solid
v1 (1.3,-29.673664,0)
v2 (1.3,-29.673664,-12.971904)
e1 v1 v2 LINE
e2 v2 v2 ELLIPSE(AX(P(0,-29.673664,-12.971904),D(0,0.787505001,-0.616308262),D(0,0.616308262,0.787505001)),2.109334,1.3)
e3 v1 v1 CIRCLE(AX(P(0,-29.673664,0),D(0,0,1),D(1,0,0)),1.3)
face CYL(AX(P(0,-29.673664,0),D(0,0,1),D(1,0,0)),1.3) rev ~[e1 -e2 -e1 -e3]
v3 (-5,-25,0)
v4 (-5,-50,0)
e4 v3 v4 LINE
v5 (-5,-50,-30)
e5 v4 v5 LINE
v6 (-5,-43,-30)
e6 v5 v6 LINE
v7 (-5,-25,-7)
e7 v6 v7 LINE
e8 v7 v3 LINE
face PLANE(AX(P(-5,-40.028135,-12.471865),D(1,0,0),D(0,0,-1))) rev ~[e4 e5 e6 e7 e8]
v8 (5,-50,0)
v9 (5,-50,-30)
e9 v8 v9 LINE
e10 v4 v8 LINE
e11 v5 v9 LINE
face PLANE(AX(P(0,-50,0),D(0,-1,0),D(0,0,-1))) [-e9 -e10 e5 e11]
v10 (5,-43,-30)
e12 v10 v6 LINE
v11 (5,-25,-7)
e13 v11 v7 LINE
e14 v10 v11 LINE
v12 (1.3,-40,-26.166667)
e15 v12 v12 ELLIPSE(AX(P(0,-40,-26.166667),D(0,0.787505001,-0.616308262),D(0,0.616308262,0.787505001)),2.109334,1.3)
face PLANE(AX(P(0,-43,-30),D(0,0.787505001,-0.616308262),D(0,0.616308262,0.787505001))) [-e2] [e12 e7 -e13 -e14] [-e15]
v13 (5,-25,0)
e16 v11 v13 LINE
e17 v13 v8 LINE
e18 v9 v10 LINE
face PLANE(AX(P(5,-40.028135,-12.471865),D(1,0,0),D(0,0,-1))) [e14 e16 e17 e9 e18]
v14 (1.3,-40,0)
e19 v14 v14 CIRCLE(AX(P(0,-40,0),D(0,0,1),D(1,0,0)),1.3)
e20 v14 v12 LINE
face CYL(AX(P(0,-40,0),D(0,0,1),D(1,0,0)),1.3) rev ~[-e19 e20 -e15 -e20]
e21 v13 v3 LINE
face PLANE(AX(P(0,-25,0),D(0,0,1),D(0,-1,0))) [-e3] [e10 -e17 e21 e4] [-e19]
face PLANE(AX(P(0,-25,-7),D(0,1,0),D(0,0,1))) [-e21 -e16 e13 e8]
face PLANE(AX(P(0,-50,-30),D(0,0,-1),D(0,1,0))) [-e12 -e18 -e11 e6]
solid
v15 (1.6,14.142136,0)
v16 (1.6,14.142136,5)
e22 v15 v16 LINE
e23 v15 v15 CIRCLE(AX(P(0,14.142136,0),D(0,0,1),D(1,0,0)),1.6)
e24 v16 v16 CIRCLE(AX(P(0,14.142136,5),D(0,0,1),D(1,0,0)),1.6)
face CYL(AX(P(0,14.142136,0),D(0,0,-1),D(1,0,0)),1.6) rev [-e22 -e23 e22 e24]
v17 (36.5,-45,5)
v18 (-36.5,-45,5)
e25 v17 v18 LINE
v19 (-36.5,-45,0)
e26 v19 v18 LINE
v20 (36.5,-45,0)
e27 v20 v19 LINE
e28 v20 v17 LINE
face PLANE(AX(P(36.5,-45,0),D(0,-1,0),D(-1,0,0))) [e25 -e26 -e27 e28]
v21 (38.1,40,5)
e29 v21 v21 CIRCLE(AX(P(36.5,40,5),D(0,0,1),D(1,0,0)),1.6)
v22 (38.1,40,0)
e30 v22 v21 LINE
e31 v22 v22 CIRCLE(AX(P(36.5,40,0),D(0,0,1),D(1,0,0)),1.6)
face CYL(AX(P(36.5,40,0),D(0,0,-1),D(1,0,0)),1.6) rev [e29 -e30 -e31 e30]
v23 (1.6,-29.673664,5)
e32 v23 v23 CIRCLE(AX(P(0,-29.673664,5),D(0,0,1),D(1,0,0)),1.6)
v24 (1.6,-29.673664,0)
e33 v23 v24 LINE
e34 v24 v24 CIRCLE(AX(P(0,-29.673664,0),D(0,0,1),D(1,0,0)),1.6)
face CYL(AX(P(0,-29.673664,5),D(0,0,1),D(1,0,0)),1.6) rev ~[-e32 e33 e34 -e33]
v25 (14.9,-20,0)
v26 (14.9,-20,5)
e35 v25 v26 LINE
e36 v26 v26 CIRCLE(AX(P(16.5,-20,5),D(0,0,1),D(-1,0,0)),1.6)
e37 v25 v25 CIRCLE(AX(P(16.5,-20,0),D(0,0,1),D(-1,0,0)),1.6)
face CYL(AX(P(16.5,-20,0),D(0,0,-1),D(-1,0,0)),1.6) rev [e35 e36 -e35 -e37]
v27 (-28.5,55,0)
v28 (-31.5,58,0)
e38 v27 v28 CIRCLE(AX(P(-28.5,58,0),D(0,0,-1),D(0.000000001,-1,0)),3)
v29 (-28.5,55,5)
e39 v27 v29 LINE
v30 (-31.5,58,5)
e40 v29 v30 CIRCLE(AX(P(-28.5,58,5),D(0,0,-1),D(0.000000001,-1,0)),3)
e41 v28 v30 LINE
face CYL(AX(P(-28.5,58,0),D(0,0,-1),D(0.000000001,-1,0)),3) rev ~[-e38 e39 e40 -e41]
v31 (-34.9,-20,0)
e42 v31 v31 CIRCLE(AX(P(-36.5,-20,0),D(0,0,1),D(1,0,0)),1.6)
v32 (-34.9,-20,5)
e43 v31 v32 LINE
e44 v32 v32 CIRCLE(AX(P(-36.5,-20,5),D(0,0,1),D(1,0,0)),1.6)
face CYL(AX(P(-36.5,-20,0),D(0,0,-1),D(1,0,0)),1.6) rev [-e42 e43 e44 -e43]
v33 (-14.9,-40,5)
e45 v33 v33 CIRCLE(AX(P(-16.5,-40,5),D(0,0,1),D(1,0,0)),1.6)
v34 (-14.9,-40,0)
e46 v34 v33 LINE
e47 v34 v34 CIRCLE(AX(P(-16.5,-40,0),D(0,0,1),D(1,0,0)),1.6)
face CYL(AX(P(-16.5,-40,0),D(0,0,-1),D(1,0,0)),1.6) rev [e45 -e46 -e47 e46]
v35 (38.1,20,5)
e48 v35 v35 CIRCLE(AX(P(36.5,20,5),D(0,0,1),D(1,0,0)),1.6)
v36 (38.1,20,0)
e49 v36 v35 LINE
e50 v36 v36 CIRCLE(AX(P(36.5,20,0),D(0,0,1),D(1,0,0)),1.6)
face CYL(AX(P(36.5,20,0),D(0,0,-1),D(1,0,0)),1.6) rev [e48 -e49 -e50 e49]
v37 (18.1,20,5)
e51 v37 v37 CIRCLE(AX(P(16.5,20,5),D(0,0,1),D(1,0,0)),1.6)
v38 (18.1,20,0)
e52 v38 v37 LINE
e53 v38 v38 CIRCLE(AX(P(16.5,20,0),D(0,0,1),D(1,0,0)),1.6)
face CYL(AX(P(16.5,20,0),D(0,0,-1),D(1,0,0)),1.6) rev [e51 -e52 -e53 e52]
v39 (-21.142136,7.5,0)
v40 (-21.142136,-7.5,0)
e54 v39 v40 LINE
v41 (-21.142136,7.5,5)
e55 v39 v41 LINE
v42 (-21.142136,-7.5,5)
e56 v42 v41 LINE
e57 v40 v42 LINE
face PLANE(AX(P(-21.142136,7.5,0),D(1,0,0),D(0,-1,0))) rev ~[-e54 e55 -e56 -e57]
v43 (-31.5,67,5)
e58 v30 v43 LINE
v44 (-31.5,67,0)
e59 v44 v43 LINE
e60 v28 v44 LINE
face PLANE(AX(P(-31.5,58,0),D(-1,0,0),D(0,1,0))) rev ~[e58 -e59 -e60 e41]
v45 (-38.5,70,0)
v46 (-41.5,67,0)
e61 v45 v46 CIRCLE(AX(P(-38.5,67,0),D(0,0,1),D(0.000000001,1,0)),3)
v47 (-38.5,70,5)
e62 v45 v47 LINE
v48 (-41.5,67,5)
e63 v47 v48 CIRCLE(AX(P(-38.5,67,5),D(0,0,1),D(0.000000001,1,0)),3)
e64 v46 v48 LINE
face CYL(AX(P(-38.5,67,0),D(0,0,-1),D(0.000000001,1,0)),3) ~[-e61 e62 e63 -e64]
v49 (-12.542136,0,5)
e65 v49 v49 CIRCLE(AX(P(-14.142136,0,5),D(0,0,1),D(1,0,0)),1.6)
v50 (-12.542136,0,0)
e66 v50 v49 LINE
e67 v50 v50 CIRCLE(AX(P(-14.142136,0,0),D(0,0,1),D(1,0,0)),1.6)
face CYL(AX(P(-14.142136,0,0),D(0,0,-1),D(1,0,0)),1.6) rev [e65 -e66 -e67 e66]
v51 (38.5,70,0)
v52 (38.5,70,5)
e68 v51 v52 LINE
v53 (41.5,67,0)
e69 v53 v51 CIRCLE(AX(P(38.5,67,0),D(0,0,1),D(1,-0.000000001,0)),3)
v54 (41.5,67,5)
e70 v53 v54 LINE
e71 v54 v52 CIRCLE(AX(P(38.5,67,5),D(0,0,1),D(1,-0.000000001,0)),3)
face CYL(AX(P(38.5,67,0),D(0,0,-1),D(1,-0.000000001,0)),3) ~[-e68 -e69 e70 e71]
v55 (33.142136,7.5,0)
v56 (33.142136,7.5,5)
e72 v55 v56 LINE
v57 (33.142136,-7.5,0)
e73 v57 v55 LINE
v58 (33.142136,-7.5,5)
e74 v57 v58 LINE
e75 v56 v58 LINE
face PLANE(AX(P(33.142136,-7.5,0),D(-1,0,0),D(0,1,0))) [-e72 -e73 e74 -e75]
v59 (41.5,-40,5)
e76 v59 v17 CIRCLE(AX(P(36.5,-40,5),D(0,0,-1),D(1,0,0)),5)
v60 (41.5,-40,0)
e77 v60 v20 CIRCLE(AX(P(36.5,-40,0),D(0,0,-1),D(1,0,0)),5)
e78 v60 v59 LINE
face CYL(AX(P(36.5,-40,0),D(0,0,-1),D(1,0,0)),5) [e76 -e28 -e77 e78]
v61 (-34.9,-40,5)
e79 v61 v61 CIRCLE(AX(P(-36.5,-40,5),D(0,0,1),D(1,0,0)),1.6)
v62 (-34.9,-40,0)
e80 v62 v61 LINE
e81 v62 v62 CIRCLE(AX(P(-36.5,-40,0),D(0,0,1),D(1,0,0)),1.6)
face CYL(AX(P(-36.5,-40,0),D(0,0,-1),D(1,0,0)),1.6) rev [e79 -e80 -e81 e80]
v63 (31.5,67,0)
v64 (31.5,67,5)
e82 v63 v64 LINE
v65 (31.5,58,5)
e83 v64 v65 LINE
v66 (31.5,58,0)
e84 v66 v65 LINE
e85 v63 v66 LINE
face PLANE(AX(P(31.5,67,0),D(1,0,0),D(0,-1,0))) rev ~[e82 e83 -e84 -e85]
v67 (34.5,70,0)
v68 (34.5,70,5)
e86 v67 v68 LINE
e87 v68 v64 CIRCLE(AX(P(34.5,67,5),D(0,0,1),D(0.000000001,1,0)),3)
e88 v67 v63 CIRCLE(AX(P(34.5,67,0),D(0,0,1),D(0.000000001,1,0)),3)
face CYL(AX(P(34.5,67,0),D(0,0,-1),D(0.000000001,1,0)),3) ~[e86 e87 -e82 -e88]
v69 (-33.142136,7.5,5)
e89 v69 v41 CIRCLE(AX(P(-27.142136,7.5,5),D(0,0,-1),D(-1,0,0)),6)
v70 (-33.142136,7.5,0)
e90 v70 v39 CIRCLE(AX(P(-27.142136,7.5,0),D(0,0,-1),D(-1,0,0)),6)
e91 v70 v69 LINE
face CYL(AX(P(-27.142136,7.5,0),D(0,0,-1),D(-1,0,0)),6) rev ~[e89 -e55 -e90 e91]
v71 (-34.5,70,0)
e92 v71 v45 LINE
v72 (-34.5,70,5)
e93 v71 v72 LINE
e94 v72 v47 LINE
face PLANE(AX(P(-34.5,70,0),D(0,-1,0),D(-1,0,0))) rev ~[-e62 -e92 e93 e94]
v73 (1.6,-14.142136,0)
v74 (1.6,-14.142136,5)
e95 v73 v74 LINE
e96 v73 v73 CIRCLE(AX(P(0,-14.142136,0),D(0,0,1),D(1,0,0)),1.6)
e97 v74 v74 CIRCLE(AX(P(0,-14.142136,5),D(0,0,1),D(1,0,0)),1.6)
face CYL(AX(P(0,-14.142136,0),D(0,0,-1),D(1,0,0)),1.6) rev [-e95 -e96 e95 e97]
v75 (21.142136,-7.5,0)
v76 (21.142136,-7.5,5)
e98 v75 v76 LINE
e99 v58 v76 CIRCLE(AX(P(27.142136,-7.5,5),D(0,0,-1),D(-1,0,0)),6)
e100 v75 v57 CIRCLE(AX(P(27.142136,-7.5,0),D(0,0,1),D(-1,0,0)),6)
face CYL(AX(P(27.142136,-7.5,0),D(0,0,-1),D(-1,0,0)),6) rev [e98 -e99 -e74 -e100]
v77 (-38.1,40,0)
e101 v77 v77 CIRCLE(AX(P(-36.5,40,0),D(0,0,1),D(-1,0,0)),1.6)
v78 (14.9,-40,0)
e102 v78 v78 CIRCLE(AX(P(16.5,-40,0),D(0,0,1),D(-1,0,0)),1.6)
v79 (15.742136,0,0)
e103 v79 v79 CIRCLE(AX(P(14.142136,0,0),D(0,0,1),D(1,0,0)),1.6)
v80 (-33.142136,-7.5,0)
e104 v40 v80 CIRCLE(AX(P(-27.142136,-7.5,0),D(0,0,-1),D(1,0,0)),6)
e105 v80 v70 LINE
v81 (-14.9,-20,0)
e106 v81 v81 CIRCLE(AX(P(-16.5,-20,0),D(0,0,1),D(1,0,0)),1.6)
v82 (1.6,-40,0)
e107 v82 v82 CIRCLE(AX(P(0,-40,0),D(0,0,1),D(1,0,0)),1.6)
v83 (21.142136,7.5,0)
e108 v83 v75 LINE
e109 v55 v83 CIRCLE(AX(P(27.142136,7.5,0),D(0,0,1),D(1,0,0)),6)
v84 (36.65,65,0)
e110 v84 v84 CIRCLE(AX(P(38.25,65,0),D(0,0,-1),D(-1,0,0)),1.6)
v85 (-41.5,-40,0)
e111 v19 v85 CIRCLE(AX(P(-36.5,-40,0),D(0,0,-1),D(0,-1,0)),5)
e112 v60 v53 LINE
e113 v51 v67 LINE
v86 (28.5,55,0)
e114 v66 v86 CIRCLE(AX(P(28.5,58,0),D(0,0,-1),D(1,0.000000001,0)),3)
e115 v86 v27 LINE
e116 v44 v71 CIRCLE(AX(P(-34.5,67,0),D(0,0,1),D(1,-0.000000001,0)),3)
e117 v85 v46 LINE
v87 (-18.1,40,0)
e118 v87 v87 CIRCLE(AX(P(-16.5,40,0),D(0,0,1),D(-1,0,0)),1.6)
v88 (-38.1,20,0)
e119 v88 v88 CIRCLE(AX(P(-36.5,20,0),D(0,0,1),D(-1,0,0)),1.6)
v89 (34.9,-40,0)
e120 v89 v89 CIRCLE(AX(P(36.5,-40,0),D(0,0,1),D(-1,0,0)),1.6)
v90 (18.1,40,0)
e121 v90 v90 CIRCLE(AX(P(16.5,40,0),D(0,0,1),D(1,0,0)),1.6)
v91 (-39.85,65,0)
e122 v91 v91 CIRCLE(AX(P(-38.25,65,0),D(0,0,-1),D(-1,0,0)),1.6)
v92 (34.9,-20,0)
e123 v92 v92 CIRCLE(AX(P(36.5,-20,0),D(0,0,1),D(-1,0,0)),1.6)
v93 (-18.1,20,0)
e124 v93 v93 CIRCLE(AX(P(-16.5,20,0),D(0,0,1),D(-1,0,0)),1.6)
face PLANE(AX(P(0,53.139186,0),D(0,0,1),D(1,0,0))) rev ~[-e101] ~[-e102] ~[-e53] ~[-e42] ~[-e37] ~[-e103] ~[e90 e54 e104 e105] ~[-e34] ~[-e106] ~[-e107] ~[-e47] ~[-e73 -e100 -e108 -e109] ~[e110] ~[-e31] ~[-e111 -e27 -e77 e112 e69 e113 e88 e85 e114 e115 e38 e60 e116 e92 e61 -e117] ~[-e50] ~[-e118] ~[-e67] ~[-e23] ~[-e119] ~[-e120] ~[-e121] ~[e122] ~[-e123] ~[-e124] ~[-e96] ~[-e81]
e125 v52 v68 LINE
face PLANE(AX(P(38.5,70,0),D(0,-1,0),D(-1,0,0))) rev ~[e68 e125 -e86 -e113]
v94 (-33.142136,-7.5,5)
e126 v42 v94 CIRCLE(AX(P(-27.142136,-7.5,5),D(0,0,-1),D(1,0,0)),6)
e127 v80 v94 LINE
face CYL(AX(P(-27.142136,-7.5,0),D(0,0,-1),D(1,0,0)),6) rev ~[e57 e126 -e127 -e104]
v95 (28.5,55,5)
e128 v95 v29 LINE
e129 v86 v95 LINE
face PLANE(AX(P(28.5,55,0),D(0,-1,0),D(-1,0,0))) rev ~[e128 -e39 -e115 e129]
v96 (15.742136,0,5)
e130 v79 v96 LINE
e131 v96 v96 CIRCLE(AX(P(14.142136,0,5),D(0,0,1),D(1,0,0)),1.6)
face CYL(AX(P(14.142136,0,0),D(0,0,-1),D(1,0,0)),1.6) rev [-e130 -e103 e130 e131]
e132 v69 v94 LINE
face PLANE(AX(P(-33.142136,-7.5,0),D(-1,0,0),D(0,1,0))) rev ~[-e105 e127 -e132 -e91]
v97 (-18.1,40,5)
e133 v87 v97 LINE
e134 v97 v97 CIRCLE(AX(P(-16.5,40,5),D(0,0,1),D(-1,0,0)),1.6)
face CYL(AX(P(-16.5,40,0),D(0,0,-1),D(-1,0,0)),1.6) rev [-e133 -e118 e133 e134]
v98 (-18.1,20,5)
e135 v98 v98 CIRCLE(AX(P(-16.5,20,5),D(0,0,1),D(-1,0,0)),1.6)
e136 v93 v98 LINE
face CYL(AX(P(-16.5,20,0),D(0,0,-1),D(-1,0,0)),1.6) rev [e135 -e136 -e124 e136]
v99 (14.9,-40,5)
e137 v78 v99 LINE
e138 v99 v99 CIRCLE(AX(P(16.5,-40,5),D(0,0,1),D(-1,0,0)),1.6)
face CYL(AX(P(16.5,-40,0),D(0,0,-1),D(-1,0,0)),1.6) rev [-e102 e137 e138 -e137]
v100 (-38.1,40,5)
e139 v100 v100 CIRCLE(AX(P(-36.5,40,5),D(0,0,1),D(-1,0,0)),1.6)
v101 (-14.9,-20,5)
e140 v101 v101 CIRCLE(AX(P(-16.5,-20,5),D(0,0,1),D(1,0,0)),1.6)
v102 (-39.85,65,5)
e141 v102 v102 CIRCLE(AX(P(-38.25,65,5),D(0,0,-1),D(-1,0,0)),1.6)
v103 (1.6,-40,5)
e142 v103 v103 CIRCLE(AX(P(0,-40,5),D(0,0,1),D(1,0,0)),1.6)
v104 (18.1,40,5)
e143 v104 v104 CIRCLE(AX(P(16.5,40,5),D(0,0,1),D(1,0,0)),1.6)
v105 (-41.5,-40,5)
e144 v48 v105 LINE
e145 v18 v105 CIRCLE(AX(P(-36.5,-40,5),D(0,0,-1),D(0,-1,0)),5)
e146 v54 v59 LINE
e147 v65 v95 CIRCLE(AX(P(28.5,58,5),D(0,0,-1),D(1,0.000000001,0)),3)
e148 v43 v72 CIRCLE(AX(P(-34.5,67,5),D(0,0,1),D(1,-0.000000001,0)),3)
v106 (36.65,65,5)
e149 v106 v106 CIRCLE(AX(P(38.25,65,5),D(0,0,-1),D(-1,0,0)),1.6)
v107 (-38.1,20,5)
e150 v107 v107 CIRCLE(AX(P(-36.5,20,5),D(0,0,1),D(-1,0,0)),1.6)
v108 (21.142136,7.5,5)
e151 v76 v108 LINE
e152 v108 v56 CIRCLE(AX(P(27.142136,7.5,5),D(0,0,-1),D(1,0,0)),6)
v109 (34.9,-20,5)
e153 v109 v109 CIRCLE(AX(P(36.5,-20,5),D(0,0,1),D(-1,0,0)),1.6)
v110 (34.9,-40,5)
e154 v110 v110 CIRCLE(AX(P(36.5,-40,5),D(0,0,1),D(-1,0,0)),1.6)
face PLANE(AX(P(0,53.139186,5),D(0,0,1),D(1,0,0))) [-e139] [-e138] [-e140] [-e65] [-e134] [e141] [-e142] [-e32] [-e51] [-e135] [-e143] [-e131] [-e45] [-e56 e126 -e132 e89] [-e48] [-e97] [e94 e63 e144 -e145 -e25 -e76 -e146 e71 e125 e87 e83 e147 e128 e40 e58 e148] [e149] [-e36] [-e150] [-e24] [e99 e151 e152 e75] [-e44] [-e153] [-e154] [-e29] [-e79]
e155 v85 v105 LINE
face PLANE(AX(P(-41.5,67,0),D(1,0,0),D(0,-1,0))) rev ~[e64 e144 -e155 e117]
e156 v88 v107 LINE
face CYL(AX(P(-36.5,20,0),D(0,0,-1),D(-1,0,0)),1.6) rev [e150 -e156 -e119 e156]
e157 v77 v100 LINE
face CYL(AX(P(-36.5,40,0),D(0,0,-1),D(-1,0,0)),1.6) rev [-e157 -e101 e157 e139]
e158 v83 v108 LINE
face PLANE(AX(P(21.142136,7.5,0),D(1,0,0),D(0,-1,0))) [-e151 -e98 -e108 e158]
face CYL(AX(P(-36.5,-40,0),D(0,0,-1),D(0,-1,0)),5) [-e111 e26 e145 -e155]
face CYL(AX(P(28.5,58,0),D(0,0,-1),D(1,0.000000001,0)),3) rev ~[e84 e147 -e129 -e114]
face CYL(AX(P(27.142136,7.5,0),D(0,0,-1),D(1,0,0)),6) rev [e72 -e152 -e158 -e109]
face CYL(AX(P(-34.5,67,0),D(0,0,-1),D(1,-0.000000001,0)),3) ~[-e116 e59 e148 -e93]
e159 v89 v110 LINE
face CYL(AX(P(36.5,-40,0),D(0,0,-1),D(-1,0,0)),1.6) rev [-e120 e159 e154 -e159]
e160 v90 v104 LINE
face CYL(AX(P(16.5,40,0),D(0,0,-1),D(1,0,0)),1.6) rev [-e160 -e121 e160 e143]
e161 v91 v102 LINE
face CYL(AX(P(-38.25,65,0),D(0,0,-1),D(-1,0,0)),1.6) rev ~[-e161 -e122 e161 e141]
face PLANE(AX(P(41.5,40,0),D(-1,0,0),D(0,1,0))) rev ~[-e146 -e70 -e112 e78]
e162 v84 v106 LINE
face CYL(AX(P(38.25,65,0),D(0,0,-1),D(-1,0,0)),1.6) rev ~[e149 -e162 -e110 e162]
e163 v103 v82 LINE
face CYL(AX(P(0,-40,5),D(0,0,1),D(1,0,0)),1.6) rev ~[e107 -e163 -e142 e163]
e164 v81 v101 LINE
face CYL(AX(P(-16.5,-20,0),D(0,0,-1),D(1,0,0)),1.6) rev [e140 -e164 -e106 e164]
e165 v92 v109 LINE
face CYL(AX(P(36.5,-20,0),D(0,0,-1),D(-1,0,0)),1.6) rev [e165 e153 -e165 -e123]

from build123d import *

# Parameters (mm, degrees)
SKETCH_1_R          = 1.6
EXTRUDE_1_DEPTH     = 5
SKETCH_7_R          = 1.6
EXTRUDE_3_DEPTH     = 5
CUT_EXTRUDE_1_DEPTH = 82.530669076
EXTRUDE_4_DEPTH     = 5
SKETCH_10_R         = 1.6
CUT_EXTRUDE_2_DEPTH = 5
SKETCH_11_R         = 1.3
CUT_EXTRUDE_3_DEPTH = 87.73090568


with BuildPart() as part:
    # ｽｹｯﾁ1 → ﾎﾞｽ - 押し出し1 (new body)
    with BuildSketch(Plane.XY):
        with BuildLine():
            Line((36.5, -45), (-36.5, -45))
            ThreePointArc((-36.5, -45), (-40.035533906, -43.535533906), (-41.5, -40))
            Line((-41.5, -40), (-41.5, 40))
            ThreePointArc((-41.5, 40), (-40.035533906, 43.535533906), (-36.5, 45))
            Line((-36.5, 45), (36.5, 45))
            ThreePointArc((36.5, 45), (40.035533906, 43.535533906), (41.5, 40))
            Line((41.5, 40), (41.5, -40))
            ThreePointArc((41.5, -40), (40.035533906, -43.535533906), (36.5, -45))
        make_face()
        with Locations((16.5, 40)):
            Circle(SKETCH_1_R, mode=Mode.SUBTRACT)
        with Locations((16.5, 20)):
            Circle(SKETCH_1_R, mode=Mode.SUBTRACT)
        with Locations((36.5, 20)):
            Circle(SKETCH_1_R, mode=Mode.SUBTRACT)
        with Locations((36.5, 40)):
            Circle(SKETCH_1_R, mode=Mode.SUBTRACT)
        with Locations(Location((36.5, -40, 0), (0, 0, 180))):
            Circle(SKETCH_1_R, mode=Mode.SUBTRACT)
        with Locations(Location((36.5, -20, 0), (0, 0, 180))):
            Circle(SKETCH_1_R, mode=Mode.SUBTRACT)
        with Locations(Location((16.5, -20, 0), (0, 0, 180))):
            Circle(SKETCH_1_R, mode=Mode.SUBTRACT)
        with Locations(Location((16.5, -40, 0), (0, 0, 180))):
            Circle(SKETCH_1_R, mode=Mode.SUBTRACT)
        with Locations((-16.5, -40)):
            Circle(SKETCH_1_R, mode=Mode.SUBTRACT)
        with Locations((-16.5, -20)):
            Circle(SKETCH_1_R, mode=Mode.SUBTRACT)
        with Locations((-36.5, -20)):
            Circle(SKETCH_1_R, mode=Mode.SUBTRACT)
        with Locations((-36.5, -40)):
            Circle(SKETCH_1_R, mode=Mode.SUBTRACT)
        with Locations(Location((-36.5, 40, 0), (0, 0, 180))):
            Circle(SKETCH_1_R, mode=Mode.SUBTRACT)
        with Locations(Location((-36.5, 20, 0), (0, 0, 180))):
            Circle(SKETCH_1_R, mode=Mode.SUBTRACT)
        with Locations(Location((-16.5, 20, 0), (0, 0, 180))):
            Circle(SKETCH_1_R, mode=Mode.SUBTRACT)
        with Locations(Location((-16.5, 40, 0), (0, 0, 180))):
            Circle(SKETCH_1_R, mode=Mode.SUBTRACT)
        with Locations((14.142135624, 0)):
            Circle(SKETCH_1_R, mode=Mode.SUBTRACT)
        with Locations((0, -14.142135624)):
            Circle(SKETCH_1_R, mode=Mode.SUBTRACT)
        with Locations((-14.142135624, 0)):
            Circle(SKETCH_1_R, mode=Mode.SUBTRACT)
        with Locations((0, 14.142135624)):
            Circle(SKETCH_1_R, mode=Mode.SUBTRACT)
    extrude(amount=EXTRUDE_1_DEPTH)

    # ｽｹｯﾁ7 → ﾎﾞｽ - 押し出し3 (add)
    with BuildSketch(Plane(origin=(0, 0, 0), x_dir=(-1, 0, 0), z_dir=(0, 0, -1))):
        with BuildLine():
            Line((-41.5, 40), (-41.5, 67))
            ThreePointArc((-41.5, 67), (-40.621320344, 69.121320344), (-38.5, 70))
            Line((-38.5, 70), (-34.5, 70))
            ThreePointArc((-34.5, 70), (-32.378679656, 69.121320344), (-31.5, 67))
            Line((-31.5, 67), (-31.5, 58))
            ThreePointArc((-31.5, 58), (-30.621320344, 55.878679656), (-28.5, 55))
            Line((-28.5, 55), (28.5, 55))
            ThreePointArc((28.5, 55), (30.621320344, 55.878679656), (31.5, 58))
            Line((31.5, 58), (31.5, 67))
            ThreePointArc((31.5, 67), (32.378679656, 69.121320344), (34.5, 70))
            Line((34.5, 70), (38.5, 70))
            ThreePointArc((38.5, 70), (40.621320344, 69.121320344), (41.5, 67))
            Line((41.5, 67), (41.5, 40))
            ThreePointArc((41.5, 40), (40.035533906, 43.535533906), (36.5, 45))
            Line((36.5, 45), (-36.5, 45))
            ThreePointArc((-36.5, 45), (-40.035533906, 43.535533906), (-41.5, 40))
        make_face()
        with Locations((-38.25, 65)):
            Circle(SKETCH_7_R, mode=Mode.SUBTRACT)
        with Locations((38.25, 65)):
            Circle(SKETCH_7_R, mode=Mode.SUBTRACT)
    extrude(amount=-EXTRUDE_3_DEPTH)

    # ｽｹｯﾁ8 → ｶｯﾄ - 押し出し1 (cut, through all)
    with BuildSketch(Plane(origin=(0, 0, 0), x_dir=(-1, 0, 0), z_dir=(0, 0, -1))):
        with BuildLine():
            Line((-33.142135624, -7.5), (-33.142135624, 7.5))
            ThreePointArc((-33.142135624, 7.5), (-27.142135624, 13.5), (-21.142135624, 7.5))
            Line((-21.142135624, 7.5), (-21.142135624, -7.5))
            ThreePointArc((-21.142135624, -7.5), (-27.142135624, -13.5), (-33.142135624, -7.5))
        make_face()
        with BuildLine():
            Line((33.142135624, -7.5), (33.142135624, 7.5))
            ThreePointArc((33.142135624, 7.5), (27.142135624, 13.5), (21.142135624, 7.5))
            Line((21.142135624, 7.5), (21.142135624, -7.5))
            ThreePointArc((21.142135624, -7.5), (27.142135624, -13.5), (33.142135624, -7.5))
        make_face()
    extrude(amount=-CUT_EXTRUDE_1_DEPTH, mode=Mode.SUBTRACT)

    # ｽｹｯﾁ10 → ｶｯﾄ - 押し出し2 (cut)
    with BuildSketch(Plane.XY.offset(5)):
        with Locations((0, -29.673664184)):
            Circle(SKETCH_10_R)
        with Locations((0, -40)):
            Circle(SKETCH_10_R)
    extrude(amount=-CUT_EXTRUDE_2_DEPTH, mode=Mode.SUBTRACT)


with BuildPart() as body_2:
    # ｽｹｯﾁ9 → ﾎﾞｽ - 押し出し4 (new, symmetric)
    with BuildSketch(Plane(origin=(0, 0, 0), x_dir=(0, 0, -1), z_dir=(1, 0, 0))):
        Polygon((0, -25), (0, -50), (30, -50), (30, -43), (7, -25), align=None)
    extrude(amount=EXTRUDE_4_DEPTH, both=True)

    # ｽｹｯﾁ11 → ｶｯﾄ - 押し出し3 (cut, through all)
    with BuildSketch(Plane.XY):
        with Locations((0, -29.673664184)):
            Circle(SKETCH_11_R)
        with Locations((0, -40)):
            Circle(SKETCH_11_R)
    extrude(amount=-CUT_EXTRUDE_3_DEPTH, mode=Mode.SUBTRACT)


solid = Compound([part.part, body_2.part])
